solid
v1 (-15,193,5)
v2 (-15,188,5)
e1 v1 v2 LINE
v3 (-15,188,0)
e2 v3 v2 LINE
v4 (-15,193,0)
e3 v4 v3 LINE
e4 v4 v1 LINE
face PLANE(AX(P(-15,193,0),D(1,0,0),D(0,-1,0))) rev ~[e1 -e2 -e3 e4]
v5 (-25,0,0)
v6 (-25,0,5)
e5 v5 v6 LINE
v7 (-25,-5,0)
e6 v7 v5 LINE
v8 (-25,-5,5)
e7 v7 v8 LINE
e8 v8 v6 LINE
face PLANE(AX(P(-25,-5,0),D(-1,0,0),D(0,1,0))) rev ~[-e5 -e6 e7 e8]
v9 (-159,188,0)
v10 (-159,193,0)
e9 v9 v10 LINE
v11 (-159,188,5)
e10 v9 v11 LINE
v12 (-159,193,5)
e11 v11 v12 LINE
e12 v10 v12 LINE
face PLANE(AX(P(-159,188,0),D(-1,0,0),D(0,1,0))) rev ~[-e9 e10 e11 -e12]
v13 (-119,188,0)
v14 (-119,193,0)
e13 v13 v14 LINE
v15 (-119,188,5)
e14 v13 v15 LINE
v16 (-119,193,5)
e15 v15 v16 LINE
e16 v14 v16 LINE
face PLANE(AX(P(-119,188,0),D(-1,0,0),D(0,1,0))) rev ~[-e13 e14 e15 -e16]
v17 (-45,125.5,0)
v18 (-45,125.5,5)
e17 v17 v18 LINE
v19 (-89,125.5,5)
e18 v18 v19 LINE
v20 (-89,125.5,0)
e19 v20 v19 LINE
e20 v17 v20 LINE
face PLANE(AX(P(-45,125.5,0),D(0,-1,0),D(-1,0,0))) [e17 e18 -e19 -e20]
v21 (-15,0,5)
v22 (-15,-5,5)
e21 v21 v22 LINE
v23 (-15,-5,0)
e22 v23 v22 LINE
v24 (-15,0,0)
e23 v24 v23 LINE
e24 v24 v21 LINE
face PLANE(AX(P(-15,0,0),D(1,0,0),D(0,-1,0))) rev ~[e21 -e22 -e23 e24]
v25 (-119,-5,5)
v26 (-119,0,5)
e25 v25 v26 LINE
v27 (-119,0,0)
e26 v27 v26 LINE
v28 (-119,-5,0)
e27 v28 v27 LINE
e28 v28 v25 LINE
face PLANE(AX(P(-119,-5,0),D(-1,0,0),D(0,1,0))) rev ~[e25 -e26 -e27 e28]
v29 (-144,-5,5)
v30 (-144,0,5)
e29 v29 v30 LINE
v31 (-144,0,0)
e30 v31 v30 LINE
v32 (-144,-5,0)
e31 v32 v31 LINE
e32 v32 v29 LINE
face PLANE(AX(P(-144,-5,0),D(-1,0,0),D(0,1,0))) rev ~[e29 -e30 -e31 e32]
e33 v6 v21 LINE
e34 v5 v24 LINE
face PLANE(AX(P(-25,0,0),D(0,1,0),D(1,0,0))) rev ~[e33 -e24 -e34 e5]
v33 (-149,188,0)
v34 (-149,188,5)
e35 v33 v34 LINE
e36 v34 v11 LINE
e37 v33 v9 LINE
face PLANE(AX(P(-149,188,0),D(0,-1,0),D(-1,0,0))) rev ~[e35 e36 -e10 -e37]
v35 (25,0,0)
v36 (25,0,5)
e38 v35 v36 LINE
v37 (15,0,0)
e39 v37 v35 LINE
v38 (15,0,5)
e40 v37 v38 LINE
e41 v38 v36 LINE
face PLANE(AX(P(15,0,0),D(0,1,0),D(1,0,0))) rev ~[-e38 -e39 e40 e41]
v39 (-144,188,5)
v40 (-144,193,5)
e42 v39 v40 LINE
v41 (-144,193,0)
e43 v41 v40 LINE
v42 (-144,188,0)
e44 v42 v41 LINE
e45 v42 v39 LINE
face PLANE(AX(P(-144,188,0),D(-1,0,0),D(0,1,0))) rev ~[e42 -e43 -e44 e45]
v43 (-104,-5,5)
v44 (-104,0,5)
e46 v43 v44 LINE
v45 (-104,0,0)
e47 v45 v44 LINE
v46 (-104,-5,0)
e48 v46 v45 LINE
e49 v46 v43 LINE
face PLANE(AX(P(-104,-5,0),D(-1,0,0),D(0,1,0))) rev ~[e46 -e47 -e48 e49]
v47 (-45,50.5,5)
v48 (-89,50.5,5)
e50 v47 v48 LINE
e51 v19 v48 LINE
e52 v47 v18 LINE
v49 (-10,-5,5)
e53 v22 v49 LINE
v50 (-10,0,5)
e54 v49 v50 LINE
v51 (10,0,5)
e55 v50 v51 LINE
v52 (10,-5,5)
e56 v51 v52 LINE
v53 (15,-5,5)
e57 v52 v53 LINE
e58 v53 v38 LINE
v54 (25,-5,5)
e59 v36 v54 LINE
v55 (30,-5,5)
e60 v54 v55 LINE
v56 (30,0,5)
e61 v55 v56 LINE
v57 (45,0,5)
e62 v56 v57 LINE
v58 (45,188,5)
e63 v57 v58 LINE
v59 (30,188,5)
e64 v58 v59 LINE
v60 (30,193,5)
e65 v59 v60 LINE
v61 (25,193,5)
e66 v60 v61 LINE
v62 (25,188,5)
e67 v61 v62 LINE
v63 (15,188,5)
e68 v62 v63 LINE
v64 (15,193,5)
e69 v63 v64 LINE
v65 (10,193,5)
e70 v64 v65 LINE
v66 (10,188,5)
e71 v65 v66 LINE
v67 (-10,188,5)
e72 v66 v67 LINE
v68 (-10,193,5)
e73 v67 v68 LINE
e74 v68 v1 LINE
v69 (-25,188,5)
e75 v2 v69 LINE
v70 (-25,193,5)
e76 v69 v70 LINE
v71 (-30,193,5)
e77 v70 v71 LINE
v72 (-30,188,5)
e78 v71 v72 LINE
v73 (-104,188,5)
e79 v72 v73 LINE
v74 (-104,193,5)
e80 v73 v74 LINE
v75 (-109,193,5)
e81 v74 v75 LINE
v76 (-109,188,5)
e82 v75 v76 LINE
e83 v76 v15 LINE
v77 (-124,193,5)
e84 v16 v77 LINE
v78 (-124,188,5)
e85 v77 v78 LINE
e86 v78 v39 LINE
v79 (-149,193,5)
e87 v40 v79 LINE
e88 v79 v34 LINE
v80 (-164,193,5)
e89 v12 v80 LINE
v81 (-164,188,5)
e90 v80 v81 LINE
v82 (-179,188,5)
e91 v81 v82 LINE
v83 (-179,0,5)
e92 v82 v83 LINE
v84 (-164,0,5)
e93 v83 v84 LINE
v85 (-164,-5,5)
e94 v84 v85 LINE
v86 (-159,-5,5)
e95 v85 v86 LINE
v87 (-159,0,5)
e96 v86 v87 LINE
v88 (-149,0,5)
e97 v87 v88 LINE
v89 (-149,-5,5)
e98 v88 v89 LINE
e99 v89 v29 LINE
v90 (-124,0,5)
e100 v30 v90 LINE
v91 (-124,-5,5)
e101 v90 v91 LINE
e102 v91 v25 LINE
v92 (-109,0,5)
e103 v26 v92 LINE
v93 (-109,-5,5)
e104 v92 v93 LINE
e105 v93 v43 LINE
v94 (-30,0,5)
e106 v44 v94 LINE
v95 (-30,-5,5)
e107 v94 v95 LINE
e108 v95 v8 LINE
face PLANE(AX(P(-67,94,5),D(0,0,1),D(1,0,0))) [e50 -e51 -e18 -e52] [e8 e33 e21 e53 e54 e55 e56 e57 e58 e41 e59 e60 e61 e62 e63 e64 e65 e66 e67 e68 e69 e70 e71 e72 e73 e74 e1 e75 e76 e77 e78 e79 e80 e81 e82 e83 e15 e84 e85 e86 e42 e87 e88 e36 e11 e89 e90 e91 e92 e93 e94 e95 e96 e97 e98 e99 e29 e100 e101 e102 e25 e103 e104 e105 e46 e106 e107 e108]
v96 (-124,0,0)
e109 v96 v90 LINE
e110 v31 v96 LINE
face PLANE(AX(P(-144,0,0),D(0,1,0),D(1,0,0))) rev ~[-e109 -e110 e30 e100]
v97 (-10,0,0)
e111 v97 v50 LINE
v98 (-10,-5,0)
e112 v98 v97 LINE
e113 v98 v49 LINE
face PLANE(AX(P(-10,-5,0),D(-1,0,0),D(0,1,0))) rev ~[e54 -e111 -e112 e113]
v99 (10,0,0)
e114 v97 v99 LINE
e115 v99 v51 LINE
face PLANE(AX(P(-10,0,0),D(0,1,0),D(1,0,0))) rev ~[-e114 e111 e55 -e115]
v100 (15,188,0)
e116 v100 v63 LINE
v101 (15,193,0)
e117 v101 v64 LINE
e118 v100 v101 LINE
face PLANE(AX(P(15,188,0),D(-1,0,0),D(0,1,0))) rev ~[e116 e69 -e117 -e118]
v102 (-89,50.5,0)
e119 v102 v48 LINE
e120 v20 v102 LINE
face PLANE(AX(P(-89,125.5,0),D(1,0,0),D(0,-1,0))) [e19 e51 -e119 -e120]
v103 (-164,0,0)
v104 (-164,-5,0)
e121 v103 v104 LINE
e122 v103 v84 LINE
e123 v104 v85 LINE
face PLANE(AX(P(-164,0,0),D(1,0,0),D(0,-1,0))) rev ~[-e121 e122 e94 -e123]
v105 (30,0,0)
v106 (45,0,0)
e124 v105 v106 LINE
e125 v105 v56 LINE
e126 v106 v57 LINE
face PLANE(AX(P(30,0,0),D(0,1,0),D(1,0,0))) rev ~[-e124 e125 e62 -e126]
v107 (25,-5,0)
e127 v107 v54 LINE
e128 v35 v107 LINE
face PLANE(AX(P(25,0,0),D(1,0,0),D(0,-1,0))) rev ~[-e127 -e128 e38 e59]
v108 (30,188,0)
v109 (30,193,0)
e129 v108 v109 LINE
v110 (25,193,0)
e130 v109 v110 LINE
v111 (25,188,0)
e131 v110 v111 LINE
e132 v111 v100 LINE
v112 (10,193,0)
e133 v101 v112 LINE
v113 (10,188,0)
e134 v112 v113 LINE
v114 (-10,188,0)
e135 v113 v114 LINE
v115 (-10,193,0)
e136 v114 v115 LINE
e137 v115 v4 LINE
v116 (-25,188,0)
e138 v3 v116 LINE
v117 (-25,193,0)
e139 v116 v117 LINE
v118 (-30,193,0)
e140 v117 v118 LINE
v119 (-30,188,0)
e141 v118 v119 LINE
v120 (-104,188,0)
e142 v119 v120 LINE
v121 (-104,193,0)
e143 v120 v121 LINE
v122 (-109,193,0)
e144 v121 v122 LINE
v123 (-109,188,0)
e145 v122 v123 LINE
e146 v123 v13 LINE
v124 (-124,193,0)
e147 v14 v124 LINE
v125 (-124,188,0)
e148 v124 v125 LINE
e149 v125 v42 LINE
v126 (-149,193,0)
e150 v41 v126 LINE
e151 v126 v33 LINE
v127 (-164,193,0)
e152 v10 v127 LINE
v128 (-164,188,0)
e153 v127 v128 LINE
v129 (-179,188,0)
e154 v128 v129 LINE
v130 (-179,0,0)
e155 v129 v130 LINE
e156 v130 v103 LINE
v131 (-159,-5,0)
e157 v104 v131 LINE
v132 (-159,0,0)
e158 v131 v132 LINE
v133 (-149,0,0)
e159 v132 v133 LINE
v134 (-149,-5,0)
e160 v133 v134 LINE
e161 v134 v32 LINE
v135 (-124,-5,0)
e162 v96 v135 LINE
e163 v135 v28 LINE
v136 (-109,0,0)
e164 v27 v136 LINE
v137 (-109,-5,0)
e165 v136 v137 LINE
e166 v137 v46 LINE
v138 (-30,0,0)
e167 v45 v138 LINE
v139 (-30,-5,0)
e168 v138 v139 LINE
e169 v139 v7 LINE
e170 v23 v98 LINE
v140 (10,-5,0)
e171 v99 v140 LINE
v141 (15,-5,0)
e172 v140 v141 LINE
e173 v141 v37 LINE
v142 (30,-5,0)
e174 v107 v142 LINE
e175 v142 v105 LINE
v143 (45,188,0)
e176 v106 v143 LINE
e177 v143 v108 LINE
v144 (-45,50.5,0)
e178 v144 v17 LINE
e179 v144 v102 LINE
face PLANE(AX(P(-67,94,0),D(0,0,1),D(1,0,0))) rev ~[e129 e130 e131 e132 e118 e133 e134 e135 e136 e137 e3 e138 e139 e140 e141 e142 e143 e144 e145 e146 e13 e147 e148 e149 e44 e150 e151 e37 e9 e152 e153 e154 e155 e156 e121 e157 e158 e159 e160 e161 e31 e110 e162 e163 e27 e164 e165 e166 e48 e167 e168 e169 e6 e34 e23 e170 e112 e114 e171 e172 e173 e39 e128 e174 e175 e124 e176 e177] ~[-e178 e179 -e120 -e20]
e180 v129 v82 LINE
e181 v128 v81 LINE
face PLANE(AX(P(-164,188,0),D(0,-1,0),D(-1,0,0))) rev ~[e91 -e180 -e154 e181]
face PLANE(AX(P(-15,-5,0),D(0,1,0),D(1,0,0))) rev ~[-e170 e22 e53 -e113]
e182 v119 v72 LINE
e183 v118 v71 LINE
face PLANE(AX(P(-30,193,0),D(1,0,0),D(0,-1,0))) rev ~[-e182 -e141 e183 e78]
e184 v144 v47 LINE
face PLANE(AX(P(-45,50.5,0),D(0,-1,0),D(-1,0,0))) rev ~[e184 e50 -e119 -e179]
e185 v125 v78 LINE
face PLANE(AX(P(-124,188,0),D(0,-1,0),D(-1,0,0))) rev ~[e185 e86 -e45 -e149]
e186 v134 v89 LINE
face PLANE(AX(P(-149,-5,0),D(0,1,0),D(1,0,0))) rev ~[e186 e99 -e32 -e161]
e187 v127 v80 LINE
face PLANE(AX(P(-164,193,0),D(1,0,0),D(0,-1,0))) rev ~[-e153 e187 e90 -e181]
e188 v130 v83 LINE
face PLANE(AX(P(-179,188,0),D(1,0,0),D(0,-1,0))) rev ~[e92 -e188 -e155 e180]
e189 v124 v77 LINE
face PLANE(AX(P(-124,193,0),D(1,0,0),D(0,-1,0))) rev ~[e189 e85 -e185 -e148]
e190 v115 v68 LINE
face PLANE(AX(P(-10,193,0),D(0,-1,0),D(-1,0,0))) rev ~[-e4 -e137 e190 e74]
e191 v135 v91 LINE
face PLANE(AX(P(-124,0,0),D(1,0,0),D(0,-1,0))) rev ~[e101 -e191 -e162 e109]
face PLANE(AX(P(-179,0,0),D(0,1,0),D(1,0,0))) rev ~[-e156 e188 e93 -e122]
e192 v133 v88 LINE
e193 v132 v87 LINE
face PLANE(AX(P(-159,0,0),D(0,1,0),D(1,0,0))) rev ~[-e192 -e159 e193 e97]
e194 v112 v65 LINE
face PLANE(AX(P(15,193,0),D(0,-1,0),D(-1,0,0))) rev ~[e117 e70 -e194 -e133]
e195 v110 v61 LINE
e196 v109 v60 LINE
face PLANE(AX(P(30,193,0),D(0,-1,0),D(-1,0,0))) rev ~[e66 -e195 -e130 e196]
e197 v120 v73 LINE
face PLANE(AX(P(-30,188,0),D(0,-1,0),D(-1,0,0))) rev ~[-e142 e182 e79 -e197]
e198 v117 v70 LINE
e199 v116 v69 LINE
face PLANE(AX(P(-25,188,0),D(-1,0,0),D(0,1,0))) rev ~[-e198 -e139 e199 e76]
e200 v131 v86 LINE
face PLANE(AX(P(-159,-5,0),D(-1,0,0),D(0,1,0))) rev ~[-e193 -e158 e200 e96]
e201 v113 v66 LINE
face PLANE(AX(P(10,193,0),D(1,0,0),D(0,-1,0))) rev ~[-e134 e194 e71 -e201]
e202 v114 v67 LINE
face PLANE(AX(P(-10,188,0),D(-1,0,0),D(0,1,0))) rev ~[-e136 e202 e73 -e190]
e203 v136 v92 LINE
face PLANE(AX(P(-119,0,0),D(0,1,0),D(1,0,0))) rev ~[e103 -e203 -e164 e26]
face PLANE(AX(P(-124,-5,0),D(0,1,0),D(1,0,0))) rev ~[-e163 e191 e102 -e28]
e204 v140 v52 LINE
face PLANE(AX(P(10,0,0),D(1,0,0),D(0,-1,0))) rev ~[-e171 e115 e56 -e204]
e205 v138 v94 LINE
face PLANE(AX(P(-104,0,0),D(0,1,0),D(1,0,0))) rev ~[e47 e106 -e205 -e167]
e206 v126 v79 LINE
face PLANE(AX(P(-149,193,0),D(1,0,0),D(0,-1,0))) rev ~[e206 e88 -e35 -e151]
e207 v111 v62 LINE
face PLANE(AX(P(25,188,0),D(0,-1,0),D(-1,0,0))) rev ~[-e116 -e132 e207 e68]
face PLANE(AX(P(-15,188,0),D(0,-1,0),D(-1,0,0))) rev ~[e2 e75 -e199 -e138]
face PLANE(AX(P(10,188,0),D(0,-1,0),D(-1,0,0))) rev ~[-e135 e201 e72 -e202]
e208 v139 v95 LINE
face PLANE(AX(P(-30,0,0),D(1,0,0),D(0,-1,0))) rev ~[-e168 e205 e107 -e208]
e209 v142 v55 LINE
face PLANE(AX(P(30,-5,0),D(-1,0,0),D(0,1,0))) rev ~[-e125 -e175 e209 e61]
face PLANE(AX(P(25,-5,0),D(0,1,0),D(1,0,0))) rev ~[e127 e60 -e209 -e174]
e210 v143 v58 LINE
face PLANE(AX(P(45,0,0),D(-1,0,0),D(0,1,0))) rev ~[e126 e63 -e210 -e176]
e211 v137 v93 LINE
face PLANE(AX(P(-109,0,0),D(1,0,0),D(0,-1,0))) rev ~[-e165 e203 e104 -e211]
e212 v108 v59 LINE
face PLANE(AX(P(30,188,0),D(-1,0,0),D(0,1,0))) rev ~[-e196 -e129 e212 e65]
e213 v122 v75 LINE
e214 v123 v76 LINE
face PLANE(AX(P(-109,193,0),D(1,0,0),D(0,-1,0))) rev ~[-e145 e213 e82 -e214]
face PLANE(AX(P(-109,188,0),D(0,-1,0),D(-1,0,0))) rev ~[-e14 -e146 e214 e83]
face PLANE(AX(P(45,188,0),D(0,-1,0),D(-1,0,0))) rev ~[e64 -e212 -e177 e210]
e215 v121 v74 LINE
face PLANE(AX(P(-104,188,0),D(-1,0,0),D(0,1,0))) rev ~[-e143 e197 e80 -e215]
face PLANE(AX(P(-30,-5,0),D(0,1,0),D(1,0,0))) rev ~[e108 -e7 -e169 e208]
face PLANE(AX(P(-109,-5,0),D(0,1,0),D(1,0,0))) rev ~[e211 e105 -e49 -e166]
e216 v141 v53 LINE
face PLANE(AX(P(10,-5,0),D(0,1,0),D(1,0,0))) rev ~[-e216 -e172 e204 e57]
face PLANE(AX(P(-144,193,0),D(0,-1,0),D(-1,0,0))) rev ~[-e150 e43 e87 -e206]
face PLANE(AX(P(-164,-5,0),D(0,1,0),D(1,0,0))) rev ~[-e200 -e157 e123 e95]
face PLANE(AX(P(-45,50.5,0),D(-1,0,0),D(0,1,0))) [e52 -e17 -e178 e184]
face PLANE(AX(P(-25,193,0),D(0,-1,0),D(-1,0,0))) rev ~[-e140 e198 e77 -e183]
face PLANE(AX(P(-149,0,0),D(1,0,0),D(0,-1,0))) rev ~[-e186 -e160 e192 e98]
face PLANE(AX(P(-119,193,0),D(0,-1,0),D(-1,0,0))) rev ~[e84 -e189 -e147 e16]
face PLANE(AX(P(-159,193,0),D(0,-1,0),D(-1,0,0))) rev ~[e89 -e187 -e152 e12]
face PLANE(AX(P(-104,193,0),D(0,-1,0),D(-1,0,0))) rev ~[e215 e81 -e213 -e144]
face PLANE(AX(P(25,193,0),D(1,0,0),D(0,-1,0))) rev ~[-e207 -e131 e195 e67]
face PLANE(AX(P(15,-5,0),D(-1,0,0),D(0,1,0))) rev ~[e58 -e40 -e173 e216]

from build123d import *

# Parameters (mm, degrees)
BOSS_EXTRU_1_DEPTH = 5


with BuildPart() as part:
    # Esquisse1 → Boss.-Extru.1 (new body)
    with BuildSketch(Plane.XY):
        Polygon((-30, 188), (-45, 188), (-89, 188), (-104, 188), (-104, 193), (-109, 193), (-109, 188), (-114, 188), (-119, 188), (-119, 193), (-124, 193), (-124, 188), (-144, 188), (-144, 193), (-149, 193), (-149, 188), (-154, 188), (-159, 188), (-159, 193), (-164, 193), (-164, 188), (-179, 188), (-179, 0), (-164, 0), (-164, -5), (-159, -5), (-159, 0), (-154, 0), (-149, 0), (-149, -5), (-144, -5), (-144, 0), (-124, 0), (-124, -5), (-119, -5), (-119, 0), (-114, 0), (-109, 0), (-109, -5), (-104, -5), (-104, 0), (-89, 0), (-45, 0), (-30, 0), (-30, -5), (-25, -5), (-25, 0), (-20, 0), (-15, 0), (-15, -5), (-10, -5), (-10, 0), (10, 0), (10, -5), (15, -5), (15, 0), (20, 0), (25, 0), (25, -5), (30, -5), (30, 0), (45, 0), (45, 188), (30, 188), (30, 193), (25, 193), (25, 188), (20, 188), (15, 188), (15, 193), (10, 193), (10, 188), (-10, 188), (-10, 193), (-15, 193), (-15, 188), (-20, 188), (-25, 188), (-25, 193), (-30, 193), align=None)
        Polygon((-45, 125.5), (-89, 125.5), (-89, 50.5), (-67, 50.5), (-45, 50.5), align=None, mode=Mode.SUBTRACT)
    extrude(amount=BOSS_EXTRU_1_DEPTH)


solid = part.part
